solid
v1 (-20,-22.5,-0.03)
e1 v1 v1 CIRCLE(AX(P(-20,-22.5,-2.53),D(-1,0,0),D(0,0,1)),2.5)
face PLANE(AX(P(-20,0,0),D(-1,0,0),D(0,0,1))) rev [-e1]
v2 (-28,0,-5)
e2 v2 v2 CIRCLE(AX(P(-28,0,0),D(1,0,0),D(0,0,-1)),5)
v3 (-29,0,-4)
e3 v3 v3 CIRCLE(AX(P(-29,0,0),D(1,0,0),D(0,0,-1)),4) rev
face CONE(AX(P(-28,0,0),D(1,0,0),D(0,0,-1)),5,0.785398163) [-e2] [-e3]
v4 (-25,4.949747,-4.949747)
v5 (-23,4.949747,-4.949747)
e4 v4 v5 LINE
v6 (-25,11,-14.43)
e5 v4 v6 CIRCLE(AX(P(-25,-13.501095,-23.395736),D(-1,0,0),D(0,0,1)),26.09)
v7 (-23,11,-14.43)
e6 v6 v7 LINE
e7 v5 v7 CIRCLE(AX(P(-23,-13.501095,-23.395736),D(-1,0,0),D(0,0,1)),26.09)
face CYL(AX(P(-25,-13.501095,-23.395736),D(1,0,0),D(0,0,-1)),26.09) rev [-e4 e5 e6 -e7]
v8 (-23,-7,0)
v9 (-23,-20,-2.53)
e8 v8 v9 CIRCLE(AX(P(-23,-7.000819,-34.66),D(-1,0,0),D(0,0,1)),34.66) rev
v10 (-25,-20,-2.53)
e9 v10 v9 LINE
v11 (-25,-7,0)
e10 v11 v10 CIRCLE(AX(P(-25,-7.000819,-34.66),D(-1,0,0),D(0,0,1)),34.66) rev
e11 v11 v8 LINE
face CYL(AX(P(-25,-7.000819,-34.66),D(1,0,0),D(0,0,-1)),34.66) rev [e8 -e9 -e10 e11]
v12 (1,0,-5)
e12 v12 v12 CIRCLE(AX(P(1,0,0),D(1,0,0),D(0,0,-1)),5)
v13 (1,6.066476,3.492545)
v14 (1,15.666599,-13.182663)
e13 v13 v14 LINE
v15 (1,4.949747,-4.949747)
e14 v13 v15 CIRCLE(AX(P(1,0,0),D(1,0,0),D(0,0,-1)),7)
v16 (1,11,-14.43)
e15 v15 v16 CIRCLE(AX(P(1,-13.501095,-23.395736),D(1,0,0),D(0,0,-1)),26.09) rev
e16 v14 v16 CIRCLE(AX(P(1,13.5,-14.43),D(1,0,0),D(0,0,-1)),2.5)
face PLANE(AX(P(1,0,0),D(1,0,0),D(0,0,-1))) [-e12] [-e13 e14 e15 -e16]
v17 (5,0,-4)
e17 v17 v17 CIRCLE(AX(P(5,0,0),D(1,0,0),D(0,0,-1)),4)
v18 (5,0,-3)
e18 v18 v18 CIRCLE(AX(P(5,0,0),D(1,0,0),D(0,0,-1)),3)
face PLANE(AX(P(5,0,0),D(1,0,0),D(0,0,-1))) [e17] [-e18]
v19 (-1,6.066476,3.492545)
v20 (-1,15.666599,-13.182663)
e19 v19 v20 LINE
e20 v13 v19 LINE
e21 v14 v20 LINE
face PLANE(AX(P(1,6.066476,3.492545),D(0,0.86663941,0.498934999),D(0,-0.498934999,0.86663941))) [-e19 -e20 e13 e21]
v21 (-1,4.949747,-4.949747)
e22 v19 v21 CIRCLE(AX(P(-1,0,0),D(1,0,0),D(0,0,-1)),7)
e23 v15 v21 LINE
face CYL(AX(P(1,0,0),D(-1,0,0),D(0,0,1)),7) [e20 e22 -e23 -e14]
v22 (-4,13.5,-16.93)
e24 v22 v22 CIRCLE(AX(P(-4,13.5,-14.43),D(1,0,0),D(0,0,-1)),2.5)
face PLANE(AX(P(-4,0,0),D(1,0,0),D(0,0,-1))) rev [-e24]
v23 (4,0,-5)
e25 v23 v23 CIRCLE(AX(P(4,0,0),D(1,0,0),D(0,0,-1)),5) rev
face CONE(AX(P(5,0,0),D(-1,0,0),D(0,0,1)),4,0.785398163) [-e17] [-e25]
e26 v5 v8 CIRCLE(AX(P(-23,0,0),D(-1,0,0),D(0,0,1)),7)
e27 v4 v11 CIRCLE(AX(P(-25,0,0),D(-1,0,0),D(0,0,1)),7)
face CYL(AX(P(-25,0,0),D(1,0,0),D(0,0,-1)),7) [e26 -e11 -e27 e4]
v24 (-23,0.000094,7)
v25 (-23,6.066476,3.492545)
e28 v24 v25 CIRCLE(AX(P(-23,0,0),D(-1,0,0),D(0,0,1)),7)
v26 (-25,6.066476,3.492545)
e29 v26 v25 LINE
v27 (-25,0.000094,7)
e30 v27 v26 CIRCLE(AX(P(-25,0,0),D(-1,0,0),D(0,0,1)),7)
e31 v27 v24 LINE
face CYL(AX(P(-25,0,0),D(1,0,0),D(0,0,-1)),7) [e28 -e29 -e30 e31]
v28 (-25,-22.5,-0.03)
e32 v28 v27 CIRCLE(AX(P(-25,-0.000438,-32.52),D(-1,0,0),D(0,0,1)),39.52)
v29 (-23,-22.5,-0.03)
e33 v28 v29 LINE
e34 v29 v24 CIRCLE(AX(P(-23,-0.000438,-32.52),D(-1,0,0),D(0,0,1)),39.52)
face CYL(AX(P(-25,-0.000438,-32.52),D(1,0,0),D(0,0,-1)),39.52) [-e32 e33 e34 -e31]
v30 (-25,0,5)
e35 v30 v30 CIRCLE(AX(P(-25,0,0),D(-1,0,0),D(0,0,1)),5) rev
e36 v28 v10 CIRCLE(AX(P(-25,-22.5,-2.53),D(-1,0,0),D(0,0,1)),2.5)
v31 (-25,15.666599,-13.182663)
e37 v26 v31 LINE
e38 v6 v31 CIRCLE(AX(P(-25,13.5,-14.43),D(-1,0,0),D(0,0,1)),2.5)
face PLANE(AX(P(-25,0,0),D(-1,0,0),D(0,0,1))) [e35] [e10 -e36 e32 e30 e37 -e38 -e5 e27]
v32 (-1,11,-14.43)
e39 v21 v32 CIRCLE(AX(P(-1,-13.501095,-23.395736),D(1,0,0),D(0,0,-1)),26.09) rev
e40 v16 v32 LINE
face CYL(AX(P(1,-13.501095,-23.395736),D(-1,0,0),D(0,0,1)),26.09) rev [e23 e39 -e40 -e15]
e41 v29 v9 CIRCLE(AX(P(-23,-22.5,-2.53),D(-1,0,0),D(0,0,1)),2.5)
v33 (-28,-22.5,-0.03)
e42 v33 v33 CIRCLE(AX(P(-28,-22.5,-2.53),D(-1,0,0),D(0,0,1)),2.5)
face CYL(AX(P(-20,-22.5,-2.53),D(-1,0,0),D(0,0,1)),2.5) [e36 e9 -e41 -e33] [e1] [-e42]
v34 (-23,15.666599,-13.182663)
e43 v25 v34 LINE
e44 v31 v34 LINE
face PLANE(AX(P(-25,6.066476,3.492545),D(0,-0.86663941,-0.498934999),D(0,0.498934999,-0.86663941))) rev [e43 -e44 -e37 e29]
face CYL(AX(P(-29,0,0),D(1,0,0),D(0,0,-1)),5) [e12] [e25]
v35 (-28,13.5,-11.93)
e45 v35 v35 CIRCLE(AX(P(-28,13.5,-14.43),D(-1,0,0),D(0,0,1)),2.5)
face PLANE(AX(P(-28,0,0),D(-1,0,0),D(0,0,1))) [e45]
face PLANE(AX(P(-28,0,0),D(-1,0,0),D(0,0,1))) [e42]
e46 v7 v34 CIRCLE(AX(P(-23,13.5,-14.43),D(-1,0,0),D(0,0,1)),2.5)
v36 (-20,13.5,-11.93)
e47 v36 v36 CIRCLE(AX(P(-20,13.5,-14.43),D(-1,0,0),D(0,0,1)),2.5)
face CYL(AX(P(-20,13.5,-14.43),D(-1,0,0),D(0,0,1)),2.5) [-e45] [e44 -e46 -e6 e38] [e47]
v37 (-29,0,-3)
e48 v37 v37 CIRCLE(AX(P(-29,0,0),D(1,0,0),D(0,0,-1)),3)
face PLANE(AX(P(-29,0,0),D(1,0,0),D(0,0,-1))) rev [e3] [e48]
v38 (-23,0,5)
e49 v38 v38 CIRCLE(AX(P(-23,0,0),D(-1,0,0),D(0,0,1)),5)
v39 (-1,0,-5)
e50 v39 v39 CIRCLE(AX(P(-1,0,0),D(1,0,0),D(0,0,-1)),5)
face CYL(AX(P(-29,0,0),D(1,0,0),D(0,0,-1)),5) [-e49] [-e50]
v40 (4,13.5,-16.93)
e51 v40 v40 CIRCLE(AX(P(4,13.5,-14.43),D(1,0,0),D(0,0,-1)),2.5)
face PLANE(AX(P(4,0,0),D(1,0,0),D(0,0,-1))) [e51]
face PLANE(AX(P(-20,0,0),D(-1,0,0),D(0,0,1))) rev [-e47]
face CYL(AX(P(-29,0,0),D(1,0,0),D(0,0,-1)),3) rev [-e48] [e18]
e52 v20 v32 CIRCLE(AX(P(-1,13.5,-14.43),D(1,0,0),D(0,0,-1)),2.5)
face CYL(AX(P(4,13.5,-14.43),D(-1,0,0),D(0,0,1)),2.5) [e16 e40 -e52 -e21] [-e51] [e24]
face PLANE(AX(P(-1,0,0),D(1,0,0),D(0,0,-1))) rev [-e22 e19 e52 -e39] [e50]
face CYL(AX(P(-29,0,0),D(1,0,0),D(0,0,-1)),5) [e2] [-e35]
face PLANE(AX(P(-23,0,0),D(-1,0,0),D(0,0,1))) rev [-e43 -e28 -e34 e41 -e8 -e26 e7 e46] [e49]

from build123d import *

# Parameters (mm, degrees)
SKETCH1_R                = 2.5
BOSS_EXTRUDE1_DEPTH      = 4
SKETCH1_3_R              = 5
BOSS_EXTRUDE2_DEPTH      = 1
BOSS_EXTRUDE3_DEPTH      = 6
BOSS_EXTRUDE3_DEPTH_BACK = 28
BOSS_EXTRUDE3_START      = -1
SKETCH1_4_R              = 5
SKETCH1_4_R_2            = 3
SKETCH2_R                = 5
BOSS_EXTRUDE6_DEPTH      = 2
BOSS_EXTRUDE7_DEPTH      = 5
BOSS_EXTRUDE7_DEPTH_BACK = 3
SKETCH2_5_R              = 2.5
CHAMFER1_SIZE            = 1


with BuildPart() as part:
    # Sketch1 → Boss-Extrude1 (new, symmetric)
    with BuildSketch(Plane.YZ):
        with Locations(Location((13.5, -14.43, 0), (0, 0, 270))):
            Circle(SKETCH1_R)
    extrude(amount=BOSS_EXTRUDE1_DEPTH, both=True)

    # Sketch1<3> → Boss-Extrude2 (add, symmetric)
    with BuildSketch(Plane.YZ):
        with BuildLine():
            Line((15.666598525, -13.182662503), (6.06647587, 3.492544992))
            ThreePointArc((6.06647587, 3.492544992), (-6.939551113, 0.917948988), (4.949747468, -4.949747468))
            ThreePointArc((4.949747468, -4.949747468), (8.491768153, -9.35999415), (11, -14.43))
            ThreePointArc((11, -14.43), (12.854436801, -12.014788176), (15.666598525, -13.182662503))
        make_face()
        with Locations(Location((0, 0, 0), (0, 0, 270))):
            Circle(SKETCH1_3_R, mode=Mode.SUBTRACT)
    extrude(amount=BOSS_EXTRUDE2_DEPTH, both=True)

    # Sketch1<4> → Boss-Extrude3 (add, two sides: drawn at the far end of the back side and taken through both)
    with BuildSketch(Plane.YZ.offset(BOSS_EXTRUDE3_START - BOSS_EXTRUDE3_DEPTH_BACK)):
        with Locations(Location((0, 0, 0), (0, 0, 270))):
            Circle(SKETCH1_4_R)
        with Locations(Location((0, 0, 0), (0, 0, 270))):
            Circle(SKETCH1_4_R_2, mode=Mode.SUBTRACT)
    extrude(amount=BOSS_EXTRUDE3_DEPTH + BOSS_EXTRUDE3_DEPTH_BACK)

    # Sketch2 → Boss-Extrude6 (add)
    # profile 1 of 2: a face of its own
    with BuildSketch(Plane(origin=(-23, 0, 0), x_dir=(0, -1, 0), z_dir=(-1, 0, 0))):
        with BuildLine():
            ThreePointArc((-9.4233e-05, 6.999999999), (-3.50376631, 6.060001786), (-6.06647587, 3.492544992))
            Line((-6.06647587, 3.492544992), (-15.666598525, -13.182662503))
            ThreePointArc((-15.666598525, -13.182662503), (-12.854436801, -12.014788176), (-11, -14.43))
            ThreePointArc((-11, -14.43), (-8.491768153, -9.35999415), (-4.949747468, -4.949747468))
            ThreePointArc((-4.949747468, -4.949747468), (2.678784027, -6.467156728), (7, 0))
            ThreePointArc((7, 0), (4.949714152, 4.949780784), (-9.4233e-05, 6.999999999))
        make_face()
        with Locations(Location((0, 0, 0), (0, 0, 270))):
            Circle(SKETCH2_R, mode=Mode.SUBTRACT)
    # profile 2 of 2: a face of its own
    with BuildSketch(Plane(origin=(-23, 0, 0), x_dir=(0, -1, 0), z_dir=(-1, 0, 0))):
        with BuildLine():
            ThreePointArc((22.5, -0.03), (11.786311318, 5.201659363), (-9.4233e-05, 6.999999999))
            ThreePointArc((-9.4233e-05, 6.999999999), (4.949714152, 4.949780784), (7, 0))
            ThreePointArc((7, 0), (13.62196533, -0.638300674), (20, -2.53))
            ThreePointArc((20, -2.53), (20.732233047, -0.762233047), (22.5, -0.03))
        make_face()
    extrude(amount=BOSS_EXTRUDE6_DEPTH)

    # Sketch2<5> → Boss-Extrude7 (add, two sides: drawn at the far end of the back side and taken through both)
    with BuildSketch(Plane(origin=(-23, 0, 0), x_dir=(0, -1, 0), z_dir=(-1, 0, 0)).offset(-BOSS_EXTRUDE7_DEPTH_BACK)):
        with Locations(Location((22.5, -2.53, 0), (0, 0, 90))):
            Circle(SKETCH2_5_R)
        with Locations(Location((-13.5, -14.43, 0), (0, 0, 270))):
            Circle(SKETCH2_5_R)
    extrude(amount=BOSS_EXTRUDE7_DEPTH + BOSS_EXTRUDE7_DEPTH_BACK)

    # Chamfer1
    chamfer1_edges = [part.edges().sort_by_distance(p)[0] for p in [
        (-29, 0, 5),
        (5, 0, 5),
    ]]
    chamfer(chamfer1_edges, length=CHAMFER1_SIZE)


solid = part.part
